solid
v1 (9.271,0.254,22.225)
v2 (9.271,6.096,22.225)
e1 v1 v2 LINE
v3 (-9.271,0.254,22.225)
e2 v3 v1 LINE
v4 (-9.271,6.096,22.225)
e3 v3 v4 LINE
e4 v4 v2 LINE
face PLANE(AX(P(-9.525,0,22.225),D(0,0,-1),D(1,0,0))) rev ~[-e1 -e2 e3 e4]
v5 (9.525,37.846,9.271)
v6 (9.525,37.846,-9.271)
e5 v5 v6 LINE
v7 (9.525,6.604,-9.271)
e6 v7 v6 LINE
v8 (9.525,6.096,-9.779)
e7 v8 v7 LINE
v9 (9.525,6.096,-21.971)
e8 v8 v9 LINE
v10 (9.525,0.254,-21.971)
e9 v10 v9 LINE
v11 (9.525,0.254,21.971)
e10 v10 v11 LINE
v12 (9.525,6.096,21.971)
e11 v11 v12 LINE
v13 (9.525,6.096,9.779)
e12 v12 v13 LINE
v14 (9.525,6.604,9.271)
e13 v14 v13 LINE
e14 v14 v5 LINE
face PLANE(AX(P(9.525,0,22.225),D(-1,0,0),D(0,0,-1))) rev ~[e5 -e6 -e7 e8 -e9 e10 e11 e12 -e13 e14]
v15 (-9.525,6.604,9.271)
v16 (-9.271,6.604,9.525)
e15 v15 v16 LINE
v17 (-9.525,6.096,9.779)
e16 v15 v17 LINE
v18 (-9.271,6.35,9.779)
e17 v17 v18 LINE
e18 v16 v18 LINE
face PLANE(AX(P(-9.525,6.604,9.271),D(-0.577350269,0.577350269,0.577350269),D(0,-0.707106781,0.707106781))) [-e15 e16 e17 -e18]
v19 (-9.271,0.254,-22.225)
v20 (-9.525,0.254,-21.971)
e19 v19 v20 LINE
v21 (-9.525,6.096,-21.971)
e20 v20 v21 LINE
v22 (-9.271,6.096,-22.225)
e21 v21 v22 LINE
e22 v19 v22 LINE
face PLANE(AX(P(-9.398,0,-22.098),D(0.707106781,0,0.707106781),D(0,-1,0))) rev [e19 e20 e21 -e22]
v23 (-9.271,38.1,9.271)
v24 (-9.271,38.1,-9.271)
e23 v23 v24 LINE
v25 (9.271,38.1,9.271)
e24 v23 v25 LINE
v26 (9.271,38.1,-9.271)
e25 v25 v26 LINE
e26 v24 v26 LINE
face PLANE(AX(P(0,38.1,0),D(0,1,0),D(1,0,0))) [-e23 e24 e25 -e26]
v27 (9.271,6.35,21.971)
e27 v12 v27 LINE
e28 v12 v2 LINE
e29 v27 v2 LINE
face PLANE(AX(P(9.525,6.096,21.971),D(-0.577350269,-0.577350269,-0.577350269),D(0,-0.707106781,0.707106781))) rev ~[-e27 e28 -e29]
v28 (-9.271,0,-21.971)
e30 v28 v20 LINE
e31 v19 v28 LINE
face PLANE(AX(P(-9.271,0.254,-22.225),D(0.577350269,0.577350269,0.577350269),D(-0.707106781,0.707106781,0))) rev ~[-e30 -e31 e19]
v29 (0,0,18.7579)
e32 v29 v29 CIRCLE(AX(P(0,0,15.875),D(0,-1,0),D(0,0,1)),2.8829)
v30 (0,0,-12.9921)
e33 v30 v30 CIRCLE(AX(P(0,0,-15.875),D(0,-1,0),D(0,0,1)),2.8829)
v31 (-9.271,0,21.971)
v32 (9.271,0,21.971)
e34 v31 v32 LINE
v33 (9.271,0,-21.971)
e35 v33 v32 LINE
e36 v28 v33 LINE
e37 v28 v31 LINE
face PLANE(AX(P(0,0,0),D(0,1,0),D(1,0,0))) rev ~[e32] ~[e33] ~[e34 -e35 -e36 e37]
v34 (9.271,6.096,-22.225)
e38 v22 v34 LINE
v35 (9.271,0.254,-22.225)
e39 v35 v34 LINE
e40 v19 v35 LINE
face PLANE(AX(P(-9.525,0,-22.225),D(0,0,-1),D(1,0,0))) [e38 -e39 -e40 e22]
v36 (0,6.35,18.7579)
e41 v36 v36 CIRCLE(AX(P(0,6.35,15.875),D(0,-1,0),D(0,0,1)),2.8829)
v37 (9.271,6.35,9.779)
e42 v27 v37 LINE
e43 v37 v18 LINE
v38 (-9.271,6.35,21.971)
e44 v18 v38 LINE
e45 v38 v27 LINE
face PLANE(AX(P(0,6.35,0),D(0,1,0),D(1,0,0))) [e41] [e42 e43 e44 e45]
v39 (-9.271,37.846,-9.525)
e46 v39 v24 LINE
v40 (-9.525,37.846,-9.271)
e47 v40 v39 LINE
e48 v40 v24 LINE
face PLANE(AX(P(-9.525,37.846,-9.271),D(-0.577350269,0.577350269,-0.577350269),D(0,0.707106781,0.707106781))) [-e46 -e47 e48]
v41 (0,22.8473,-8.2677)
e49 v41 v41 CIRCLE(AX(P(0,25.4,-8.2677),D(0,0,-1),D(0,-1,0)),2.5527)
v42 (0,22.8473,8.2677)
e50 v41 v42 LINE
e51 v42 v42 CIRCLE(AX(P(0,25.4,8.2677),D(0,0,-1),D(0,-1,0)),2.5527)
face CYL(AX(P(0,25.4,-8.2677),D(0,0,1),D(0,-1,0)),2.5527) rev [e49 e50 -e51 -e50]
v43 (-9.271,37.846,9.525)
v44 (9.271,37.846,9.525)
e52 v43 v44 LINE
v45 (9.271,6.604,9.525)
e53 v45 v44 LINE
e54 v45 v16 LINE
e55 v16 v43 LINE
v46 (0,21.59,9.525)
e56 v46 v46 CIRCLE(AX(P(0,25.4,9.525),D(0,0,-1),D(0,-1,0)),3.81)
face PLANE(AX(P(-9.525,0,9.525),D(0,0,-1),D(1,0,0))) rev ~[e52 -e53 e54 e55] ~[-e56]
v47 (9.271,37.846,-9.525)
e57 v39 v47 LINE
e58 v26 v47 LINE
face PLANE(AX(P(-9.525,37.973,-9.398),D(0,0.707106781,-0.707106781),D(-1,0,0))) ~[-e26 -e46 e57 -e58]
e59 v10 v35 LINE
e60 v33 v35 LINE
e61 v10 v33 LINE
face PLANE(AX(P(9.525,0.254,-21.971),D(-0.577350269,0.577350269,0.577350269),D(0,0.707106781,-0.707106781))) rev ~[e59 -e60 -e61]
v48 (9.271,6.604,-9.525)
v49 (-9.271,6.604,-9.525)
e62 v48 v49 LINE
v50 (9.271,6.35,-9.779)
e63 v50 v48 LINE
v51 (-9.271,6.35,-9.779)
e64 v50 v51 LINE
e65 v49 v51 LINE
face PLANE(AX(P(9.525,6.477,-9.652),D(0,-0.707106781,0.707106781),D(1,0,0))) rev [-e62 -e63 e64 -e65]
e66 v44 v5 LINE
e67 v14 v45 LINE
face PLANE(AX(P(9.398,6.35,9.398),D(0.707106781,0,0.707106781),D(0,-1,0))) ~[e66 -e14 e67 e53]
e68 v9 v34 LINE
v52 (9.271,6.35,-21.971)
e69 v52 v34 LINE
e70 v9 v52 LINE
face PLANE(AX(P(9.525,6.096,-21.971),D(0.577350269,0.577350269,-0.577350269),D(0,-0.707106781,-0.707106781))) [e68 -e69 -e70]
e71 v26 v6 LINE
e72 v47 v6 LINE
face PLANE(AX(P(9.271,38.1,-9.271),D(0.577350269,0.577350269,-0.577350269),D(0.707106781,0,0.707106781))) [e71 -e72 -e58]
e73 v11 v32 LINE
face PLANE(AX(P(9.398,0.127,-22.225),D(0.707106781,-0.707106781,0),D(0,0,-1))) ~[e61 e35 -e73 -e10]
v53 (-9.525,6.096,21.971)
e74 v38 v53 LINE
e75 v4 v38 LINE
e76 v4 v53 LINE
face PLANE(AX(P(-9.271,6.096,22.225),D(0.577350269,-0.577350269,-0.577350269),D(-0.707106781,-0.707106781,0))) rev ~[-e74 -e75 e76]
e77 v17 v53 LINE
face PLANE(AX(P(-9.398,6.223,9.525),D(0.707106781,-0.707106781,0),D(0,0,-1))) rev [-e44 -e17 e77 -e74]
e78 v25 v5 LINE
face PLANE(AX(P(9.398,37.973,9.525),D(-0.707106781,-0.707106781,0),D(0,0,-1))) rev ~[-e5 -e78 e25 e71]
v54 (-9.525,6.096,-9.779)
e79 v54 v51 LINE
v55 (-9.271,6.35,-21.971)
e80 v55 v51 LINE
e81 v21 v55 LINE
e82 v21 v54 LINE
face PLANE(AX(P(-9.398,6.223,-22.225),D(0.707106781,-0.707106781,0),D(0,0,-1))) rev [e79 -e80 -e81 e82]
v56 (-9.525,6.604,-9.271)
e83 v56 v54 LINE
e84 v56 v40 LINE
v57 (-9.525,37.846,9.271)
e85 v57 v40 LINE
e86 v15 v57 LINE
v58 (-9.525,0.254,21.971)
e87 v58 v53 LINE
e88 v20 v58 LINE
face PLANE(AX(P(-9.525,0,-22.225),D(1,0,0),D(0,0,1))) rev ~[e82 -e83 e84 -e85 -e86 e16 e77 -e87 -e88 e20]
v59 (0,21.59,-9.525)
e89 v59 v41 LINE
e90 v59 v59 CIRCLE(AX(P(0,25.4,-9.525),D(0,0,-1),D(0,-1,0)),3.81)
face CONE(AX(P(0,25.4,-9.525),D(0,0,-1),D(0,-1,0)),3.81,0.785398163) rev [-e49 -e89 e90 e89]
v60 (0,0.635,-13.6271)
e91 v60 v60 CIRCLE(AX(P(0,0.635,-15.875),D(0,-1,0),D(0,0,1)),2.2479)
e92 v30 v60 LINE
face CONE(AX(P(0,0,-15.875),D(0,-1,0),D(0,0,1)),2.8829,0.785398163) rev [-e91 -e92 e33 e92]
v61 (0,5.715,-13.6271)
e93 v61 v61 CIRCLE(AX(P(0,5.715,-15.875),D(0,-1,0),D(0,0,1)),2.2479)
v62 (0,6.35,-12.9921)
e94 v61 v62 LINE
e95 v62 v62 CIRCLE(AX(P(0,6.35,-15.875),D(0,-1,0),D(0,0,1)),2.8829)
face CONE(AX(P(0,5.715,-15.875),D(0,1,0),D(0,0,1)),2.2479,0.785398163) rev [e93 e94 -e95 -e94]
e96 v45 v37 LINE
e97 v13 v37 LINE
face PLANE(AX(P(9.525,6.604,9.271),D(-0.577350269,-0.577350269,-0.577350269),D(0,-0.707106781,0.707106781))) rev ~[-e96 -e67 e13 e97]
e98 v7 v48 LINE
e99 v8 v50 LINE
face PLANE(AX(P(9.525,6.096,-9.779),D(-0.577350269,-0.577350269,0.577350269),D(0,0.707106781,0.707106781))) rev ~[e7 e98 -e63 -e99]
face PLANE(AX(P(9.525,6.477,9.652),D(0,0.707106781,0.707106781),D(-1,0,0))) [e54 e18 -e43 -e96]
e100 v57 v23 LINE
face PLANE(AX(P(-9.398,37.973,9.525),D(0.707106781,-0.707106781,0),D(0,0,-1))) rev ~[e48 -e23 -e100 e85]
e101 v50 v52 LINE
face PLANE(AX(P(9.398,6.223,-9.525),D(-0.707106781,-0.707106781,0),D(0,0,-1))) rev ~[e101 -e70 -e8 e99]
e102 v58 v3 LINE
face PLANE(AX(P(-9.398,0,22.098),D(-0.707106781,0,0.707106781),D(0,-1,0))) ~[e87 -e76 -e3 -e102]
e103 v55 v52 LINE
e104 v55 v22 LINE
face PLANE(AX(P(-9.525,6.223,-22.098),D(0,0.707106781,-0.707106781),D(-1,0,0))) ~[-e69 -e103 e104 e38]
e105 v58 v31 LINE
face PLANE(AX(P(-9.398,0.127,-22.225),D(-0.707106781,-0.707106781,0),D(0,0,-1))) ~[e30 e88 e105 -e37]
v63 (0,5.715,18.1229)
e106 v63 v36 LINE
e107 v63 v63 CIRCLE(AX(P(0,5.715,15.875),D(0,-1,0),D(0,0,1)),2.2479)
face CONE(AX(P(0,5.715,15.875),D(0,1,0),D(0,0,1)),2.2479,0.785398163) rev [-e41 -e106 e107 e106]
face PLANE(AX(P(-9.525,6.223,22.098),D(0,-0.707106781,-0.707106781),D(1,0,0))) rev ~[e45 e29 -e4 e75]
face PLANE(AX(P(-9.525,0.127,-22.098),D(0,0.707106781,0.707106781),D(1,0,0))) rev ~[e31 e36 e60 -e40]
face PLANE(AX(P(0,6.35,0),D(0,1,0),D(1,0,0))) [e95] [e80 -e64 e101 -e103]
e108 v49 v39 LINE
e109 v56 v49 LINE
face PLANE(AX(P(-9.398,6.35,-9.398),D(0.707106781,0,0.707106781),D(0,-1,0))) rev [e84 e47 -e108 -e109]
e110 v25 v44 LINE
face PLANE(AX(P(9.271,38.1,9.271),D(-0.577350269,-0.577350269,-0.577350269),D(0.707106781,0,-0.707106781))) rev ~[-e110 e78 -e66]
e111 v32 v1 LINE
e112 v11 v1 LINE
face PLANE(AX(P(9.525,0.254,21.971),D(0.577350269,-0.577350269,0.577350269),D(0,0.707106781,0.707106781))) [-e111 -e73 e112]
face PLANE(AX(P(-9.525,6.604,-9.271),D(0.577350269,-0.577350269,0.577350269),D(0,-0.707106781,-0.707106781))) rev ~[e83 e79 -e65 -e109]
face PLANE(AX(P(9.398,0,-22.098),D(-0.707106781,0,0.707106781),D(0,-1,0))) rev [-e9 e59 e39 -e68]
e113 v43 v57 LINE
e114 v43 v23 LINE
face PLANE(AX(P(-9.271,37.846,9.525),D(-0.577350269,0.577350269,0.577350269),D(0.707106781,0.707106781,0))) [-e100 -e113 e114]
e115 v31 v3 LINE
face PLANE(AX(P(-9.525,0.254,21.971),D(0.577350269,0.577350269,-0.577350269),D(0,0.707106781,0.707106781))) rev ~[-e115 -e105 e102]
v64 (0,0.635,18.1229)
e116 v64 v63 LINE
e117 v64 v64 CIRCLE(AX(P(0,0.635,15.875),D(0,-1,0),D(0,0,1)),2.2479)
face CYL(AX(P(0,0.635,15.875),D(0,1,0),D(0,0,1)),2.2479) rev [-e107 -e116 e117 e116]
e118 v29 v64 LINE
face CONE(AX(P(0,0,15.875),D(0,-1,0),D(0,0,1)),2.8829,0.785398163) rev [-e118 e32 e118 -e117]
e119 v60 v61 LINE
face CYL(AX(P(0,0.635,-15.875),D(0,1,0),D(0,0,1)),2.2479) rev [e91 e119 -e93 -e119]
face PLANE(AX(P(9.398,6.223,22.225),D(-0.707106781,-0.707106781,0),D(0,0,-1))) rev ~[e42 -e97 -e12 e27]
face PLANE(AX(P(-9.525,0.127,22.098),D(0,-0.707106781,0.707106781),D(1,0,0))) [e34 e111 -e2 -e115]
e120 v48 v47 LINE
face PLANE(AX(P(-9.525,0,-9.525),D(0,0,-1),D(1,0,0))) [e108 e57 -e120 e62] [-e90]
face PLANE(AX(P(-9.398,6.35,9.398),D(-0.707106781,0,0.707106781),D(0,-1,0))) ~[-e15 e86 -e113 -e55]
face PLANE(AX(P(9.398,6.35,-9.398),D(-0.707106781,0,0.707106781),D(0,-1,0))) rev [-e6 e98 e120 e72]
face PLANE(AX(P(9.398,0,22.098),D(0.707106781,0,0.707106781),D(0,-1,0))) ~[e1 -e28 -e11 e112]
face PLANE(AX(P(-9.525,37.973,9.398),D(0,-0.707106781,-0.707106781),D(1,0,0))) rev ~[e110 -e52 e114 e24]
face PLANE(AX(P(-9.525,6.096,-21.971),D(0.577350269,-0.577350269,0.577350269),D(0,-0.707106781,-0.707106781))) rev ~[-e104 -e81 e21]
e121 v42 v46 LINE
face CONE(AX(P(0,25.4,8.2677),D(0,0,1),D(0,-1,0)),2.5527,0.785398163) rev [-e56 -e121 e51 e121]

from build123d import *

# Parameters (mm, degrees)
SKETCH1_W                      = 19.05
SKETCH1_H                      = 44.45
SKETCH1_H_2                    = 19.05
BOSS_EXTRUDE1_DEPTH            = 6.35
SKETCH1_3_W                    = 19.05
SKETCH1_3_H                    = 19.05
BOSS_EXTRUDE2_DEPTH            = 38.1
F_8_CLEARANCE_HOLE1_AT_2_COUNT = 2
F_8_CLEARANCE_HOLE1_AT_2_PITCH = 31.75
CHAMFER1_SIZE                  = 0.254


with BuildPart() as part:
    # Sketch1 → Boss-Extrude1 (new body)
    with BuildSketch(Plane(origin=(0, 0, 0), x_dir=(1, 0, 0), z_dir=(0, 1, 0))):
        Rectangle(SKETCH1_W, SKETCH1_H)
        Rectangle(SKETCH1_W, SKETCH1_H_2)
    extrude(amount=BOSS_EXTRUDE1_DEPTH)

    # Sketch1<3> → Boss-Extrude2 (add)
    with BuildSketch(Plane(origin=(0, 0, 0), x_dir=(1, 0, 0), z_dir=(0, 1, 0))):
        Rectangle(SKETCH1_3_W, SKETCH1_3_H)
    extrude(amount=BOSS_EXTRUDE2_DEPTH)

    # Sketch4 → 1/4-20 Tapped Hole1 (revolve, cut)
    with BuildSketch(Plane(origin=(0, 25.4, 9.525), x_dir=(0, -1, 0), z_dir=(1, 0, 0))):
        Polygon((0, 0), (0, 19.05), (3.81, 19.05), (2.5527, 17.7927), (2.5527, 1.2573), (3.81, 0), align=None)
    revolve(axis=Axis((0, 25.4, 15.875), (0, 0, -1)), mode=Mode.SUBTRACT)

    # Sketch8 → #8 Clearance Hole1 (revolve, cut)
    with BuildSketch(Plane(origin=(0, 6.35, -15.875), x_dir=(0, 0, 1), z_dir=(1, 0, 0))):
        Polygon((0, 0), (0, 6.35), (2.8829, 6.35), (2.2479, 5.715), (2.2479, 0.635), (2.8829, 0), align=None)
    f_8_clearance_hole1 = revolve(axis=Axis((0, 12.7, -15.875), (0, -1, 0)), mode=Mode.SUBTRACT)

    # #8 Clearance Hole1 at 2: #8 Clearance Hole1 ×2
    with Locations(*[(0, 0, i * F_8_CLEARANCE_HOLE1_AT_2_PITCH) for i in range(1, F_8_CLEARANCE_HOLE1_AT_2_COUNT)]):
        add(f_8_clearance_hole1, mode=Mode.SUBTRACT)

    # Chamfer1
    chamfer1_edges = [part.edges().sort_by_distance(p)[0] for p in [
        (0, 6.35, -22.225),
        (-9.525, 6.35, 15.875),
        (9.525, 6.35, -15.875),
        (-9.525, 6.35, -15.875),
        (0, 6.35, 22.225),
        (0, 6.35, 9.525),
        (9.525, 22.225, -9.525),
        (0, 6.35, -9.525),
        (0, 38.1, -9.525),
        (-9.525, 22.225, -9.525),
        (-9.525, 38.1, 0),
        (-9.525, 22.225, 9.525),
        (9.525, 22.225, 9.525),
        (0, 38.1, 9.525),
        (9.525, 38.1, 0),
        (9.525, 6.35, 15.875),
        (0, 0, 22.225),
        (-9.525, 0, 0),
        (0, 0, -22.225),
        (9.525, 0, 0),
        (9.525, 3.175, 22.225),
        (-9.525, 3.175, 22.225),
        (-9.525, 3.175, -22.225),
        (9.525, 3.175, -22.225),
    ]]
    chamfer(chamfer1_edges, length=CHAMFER1_SIZE)


solid = part.part
